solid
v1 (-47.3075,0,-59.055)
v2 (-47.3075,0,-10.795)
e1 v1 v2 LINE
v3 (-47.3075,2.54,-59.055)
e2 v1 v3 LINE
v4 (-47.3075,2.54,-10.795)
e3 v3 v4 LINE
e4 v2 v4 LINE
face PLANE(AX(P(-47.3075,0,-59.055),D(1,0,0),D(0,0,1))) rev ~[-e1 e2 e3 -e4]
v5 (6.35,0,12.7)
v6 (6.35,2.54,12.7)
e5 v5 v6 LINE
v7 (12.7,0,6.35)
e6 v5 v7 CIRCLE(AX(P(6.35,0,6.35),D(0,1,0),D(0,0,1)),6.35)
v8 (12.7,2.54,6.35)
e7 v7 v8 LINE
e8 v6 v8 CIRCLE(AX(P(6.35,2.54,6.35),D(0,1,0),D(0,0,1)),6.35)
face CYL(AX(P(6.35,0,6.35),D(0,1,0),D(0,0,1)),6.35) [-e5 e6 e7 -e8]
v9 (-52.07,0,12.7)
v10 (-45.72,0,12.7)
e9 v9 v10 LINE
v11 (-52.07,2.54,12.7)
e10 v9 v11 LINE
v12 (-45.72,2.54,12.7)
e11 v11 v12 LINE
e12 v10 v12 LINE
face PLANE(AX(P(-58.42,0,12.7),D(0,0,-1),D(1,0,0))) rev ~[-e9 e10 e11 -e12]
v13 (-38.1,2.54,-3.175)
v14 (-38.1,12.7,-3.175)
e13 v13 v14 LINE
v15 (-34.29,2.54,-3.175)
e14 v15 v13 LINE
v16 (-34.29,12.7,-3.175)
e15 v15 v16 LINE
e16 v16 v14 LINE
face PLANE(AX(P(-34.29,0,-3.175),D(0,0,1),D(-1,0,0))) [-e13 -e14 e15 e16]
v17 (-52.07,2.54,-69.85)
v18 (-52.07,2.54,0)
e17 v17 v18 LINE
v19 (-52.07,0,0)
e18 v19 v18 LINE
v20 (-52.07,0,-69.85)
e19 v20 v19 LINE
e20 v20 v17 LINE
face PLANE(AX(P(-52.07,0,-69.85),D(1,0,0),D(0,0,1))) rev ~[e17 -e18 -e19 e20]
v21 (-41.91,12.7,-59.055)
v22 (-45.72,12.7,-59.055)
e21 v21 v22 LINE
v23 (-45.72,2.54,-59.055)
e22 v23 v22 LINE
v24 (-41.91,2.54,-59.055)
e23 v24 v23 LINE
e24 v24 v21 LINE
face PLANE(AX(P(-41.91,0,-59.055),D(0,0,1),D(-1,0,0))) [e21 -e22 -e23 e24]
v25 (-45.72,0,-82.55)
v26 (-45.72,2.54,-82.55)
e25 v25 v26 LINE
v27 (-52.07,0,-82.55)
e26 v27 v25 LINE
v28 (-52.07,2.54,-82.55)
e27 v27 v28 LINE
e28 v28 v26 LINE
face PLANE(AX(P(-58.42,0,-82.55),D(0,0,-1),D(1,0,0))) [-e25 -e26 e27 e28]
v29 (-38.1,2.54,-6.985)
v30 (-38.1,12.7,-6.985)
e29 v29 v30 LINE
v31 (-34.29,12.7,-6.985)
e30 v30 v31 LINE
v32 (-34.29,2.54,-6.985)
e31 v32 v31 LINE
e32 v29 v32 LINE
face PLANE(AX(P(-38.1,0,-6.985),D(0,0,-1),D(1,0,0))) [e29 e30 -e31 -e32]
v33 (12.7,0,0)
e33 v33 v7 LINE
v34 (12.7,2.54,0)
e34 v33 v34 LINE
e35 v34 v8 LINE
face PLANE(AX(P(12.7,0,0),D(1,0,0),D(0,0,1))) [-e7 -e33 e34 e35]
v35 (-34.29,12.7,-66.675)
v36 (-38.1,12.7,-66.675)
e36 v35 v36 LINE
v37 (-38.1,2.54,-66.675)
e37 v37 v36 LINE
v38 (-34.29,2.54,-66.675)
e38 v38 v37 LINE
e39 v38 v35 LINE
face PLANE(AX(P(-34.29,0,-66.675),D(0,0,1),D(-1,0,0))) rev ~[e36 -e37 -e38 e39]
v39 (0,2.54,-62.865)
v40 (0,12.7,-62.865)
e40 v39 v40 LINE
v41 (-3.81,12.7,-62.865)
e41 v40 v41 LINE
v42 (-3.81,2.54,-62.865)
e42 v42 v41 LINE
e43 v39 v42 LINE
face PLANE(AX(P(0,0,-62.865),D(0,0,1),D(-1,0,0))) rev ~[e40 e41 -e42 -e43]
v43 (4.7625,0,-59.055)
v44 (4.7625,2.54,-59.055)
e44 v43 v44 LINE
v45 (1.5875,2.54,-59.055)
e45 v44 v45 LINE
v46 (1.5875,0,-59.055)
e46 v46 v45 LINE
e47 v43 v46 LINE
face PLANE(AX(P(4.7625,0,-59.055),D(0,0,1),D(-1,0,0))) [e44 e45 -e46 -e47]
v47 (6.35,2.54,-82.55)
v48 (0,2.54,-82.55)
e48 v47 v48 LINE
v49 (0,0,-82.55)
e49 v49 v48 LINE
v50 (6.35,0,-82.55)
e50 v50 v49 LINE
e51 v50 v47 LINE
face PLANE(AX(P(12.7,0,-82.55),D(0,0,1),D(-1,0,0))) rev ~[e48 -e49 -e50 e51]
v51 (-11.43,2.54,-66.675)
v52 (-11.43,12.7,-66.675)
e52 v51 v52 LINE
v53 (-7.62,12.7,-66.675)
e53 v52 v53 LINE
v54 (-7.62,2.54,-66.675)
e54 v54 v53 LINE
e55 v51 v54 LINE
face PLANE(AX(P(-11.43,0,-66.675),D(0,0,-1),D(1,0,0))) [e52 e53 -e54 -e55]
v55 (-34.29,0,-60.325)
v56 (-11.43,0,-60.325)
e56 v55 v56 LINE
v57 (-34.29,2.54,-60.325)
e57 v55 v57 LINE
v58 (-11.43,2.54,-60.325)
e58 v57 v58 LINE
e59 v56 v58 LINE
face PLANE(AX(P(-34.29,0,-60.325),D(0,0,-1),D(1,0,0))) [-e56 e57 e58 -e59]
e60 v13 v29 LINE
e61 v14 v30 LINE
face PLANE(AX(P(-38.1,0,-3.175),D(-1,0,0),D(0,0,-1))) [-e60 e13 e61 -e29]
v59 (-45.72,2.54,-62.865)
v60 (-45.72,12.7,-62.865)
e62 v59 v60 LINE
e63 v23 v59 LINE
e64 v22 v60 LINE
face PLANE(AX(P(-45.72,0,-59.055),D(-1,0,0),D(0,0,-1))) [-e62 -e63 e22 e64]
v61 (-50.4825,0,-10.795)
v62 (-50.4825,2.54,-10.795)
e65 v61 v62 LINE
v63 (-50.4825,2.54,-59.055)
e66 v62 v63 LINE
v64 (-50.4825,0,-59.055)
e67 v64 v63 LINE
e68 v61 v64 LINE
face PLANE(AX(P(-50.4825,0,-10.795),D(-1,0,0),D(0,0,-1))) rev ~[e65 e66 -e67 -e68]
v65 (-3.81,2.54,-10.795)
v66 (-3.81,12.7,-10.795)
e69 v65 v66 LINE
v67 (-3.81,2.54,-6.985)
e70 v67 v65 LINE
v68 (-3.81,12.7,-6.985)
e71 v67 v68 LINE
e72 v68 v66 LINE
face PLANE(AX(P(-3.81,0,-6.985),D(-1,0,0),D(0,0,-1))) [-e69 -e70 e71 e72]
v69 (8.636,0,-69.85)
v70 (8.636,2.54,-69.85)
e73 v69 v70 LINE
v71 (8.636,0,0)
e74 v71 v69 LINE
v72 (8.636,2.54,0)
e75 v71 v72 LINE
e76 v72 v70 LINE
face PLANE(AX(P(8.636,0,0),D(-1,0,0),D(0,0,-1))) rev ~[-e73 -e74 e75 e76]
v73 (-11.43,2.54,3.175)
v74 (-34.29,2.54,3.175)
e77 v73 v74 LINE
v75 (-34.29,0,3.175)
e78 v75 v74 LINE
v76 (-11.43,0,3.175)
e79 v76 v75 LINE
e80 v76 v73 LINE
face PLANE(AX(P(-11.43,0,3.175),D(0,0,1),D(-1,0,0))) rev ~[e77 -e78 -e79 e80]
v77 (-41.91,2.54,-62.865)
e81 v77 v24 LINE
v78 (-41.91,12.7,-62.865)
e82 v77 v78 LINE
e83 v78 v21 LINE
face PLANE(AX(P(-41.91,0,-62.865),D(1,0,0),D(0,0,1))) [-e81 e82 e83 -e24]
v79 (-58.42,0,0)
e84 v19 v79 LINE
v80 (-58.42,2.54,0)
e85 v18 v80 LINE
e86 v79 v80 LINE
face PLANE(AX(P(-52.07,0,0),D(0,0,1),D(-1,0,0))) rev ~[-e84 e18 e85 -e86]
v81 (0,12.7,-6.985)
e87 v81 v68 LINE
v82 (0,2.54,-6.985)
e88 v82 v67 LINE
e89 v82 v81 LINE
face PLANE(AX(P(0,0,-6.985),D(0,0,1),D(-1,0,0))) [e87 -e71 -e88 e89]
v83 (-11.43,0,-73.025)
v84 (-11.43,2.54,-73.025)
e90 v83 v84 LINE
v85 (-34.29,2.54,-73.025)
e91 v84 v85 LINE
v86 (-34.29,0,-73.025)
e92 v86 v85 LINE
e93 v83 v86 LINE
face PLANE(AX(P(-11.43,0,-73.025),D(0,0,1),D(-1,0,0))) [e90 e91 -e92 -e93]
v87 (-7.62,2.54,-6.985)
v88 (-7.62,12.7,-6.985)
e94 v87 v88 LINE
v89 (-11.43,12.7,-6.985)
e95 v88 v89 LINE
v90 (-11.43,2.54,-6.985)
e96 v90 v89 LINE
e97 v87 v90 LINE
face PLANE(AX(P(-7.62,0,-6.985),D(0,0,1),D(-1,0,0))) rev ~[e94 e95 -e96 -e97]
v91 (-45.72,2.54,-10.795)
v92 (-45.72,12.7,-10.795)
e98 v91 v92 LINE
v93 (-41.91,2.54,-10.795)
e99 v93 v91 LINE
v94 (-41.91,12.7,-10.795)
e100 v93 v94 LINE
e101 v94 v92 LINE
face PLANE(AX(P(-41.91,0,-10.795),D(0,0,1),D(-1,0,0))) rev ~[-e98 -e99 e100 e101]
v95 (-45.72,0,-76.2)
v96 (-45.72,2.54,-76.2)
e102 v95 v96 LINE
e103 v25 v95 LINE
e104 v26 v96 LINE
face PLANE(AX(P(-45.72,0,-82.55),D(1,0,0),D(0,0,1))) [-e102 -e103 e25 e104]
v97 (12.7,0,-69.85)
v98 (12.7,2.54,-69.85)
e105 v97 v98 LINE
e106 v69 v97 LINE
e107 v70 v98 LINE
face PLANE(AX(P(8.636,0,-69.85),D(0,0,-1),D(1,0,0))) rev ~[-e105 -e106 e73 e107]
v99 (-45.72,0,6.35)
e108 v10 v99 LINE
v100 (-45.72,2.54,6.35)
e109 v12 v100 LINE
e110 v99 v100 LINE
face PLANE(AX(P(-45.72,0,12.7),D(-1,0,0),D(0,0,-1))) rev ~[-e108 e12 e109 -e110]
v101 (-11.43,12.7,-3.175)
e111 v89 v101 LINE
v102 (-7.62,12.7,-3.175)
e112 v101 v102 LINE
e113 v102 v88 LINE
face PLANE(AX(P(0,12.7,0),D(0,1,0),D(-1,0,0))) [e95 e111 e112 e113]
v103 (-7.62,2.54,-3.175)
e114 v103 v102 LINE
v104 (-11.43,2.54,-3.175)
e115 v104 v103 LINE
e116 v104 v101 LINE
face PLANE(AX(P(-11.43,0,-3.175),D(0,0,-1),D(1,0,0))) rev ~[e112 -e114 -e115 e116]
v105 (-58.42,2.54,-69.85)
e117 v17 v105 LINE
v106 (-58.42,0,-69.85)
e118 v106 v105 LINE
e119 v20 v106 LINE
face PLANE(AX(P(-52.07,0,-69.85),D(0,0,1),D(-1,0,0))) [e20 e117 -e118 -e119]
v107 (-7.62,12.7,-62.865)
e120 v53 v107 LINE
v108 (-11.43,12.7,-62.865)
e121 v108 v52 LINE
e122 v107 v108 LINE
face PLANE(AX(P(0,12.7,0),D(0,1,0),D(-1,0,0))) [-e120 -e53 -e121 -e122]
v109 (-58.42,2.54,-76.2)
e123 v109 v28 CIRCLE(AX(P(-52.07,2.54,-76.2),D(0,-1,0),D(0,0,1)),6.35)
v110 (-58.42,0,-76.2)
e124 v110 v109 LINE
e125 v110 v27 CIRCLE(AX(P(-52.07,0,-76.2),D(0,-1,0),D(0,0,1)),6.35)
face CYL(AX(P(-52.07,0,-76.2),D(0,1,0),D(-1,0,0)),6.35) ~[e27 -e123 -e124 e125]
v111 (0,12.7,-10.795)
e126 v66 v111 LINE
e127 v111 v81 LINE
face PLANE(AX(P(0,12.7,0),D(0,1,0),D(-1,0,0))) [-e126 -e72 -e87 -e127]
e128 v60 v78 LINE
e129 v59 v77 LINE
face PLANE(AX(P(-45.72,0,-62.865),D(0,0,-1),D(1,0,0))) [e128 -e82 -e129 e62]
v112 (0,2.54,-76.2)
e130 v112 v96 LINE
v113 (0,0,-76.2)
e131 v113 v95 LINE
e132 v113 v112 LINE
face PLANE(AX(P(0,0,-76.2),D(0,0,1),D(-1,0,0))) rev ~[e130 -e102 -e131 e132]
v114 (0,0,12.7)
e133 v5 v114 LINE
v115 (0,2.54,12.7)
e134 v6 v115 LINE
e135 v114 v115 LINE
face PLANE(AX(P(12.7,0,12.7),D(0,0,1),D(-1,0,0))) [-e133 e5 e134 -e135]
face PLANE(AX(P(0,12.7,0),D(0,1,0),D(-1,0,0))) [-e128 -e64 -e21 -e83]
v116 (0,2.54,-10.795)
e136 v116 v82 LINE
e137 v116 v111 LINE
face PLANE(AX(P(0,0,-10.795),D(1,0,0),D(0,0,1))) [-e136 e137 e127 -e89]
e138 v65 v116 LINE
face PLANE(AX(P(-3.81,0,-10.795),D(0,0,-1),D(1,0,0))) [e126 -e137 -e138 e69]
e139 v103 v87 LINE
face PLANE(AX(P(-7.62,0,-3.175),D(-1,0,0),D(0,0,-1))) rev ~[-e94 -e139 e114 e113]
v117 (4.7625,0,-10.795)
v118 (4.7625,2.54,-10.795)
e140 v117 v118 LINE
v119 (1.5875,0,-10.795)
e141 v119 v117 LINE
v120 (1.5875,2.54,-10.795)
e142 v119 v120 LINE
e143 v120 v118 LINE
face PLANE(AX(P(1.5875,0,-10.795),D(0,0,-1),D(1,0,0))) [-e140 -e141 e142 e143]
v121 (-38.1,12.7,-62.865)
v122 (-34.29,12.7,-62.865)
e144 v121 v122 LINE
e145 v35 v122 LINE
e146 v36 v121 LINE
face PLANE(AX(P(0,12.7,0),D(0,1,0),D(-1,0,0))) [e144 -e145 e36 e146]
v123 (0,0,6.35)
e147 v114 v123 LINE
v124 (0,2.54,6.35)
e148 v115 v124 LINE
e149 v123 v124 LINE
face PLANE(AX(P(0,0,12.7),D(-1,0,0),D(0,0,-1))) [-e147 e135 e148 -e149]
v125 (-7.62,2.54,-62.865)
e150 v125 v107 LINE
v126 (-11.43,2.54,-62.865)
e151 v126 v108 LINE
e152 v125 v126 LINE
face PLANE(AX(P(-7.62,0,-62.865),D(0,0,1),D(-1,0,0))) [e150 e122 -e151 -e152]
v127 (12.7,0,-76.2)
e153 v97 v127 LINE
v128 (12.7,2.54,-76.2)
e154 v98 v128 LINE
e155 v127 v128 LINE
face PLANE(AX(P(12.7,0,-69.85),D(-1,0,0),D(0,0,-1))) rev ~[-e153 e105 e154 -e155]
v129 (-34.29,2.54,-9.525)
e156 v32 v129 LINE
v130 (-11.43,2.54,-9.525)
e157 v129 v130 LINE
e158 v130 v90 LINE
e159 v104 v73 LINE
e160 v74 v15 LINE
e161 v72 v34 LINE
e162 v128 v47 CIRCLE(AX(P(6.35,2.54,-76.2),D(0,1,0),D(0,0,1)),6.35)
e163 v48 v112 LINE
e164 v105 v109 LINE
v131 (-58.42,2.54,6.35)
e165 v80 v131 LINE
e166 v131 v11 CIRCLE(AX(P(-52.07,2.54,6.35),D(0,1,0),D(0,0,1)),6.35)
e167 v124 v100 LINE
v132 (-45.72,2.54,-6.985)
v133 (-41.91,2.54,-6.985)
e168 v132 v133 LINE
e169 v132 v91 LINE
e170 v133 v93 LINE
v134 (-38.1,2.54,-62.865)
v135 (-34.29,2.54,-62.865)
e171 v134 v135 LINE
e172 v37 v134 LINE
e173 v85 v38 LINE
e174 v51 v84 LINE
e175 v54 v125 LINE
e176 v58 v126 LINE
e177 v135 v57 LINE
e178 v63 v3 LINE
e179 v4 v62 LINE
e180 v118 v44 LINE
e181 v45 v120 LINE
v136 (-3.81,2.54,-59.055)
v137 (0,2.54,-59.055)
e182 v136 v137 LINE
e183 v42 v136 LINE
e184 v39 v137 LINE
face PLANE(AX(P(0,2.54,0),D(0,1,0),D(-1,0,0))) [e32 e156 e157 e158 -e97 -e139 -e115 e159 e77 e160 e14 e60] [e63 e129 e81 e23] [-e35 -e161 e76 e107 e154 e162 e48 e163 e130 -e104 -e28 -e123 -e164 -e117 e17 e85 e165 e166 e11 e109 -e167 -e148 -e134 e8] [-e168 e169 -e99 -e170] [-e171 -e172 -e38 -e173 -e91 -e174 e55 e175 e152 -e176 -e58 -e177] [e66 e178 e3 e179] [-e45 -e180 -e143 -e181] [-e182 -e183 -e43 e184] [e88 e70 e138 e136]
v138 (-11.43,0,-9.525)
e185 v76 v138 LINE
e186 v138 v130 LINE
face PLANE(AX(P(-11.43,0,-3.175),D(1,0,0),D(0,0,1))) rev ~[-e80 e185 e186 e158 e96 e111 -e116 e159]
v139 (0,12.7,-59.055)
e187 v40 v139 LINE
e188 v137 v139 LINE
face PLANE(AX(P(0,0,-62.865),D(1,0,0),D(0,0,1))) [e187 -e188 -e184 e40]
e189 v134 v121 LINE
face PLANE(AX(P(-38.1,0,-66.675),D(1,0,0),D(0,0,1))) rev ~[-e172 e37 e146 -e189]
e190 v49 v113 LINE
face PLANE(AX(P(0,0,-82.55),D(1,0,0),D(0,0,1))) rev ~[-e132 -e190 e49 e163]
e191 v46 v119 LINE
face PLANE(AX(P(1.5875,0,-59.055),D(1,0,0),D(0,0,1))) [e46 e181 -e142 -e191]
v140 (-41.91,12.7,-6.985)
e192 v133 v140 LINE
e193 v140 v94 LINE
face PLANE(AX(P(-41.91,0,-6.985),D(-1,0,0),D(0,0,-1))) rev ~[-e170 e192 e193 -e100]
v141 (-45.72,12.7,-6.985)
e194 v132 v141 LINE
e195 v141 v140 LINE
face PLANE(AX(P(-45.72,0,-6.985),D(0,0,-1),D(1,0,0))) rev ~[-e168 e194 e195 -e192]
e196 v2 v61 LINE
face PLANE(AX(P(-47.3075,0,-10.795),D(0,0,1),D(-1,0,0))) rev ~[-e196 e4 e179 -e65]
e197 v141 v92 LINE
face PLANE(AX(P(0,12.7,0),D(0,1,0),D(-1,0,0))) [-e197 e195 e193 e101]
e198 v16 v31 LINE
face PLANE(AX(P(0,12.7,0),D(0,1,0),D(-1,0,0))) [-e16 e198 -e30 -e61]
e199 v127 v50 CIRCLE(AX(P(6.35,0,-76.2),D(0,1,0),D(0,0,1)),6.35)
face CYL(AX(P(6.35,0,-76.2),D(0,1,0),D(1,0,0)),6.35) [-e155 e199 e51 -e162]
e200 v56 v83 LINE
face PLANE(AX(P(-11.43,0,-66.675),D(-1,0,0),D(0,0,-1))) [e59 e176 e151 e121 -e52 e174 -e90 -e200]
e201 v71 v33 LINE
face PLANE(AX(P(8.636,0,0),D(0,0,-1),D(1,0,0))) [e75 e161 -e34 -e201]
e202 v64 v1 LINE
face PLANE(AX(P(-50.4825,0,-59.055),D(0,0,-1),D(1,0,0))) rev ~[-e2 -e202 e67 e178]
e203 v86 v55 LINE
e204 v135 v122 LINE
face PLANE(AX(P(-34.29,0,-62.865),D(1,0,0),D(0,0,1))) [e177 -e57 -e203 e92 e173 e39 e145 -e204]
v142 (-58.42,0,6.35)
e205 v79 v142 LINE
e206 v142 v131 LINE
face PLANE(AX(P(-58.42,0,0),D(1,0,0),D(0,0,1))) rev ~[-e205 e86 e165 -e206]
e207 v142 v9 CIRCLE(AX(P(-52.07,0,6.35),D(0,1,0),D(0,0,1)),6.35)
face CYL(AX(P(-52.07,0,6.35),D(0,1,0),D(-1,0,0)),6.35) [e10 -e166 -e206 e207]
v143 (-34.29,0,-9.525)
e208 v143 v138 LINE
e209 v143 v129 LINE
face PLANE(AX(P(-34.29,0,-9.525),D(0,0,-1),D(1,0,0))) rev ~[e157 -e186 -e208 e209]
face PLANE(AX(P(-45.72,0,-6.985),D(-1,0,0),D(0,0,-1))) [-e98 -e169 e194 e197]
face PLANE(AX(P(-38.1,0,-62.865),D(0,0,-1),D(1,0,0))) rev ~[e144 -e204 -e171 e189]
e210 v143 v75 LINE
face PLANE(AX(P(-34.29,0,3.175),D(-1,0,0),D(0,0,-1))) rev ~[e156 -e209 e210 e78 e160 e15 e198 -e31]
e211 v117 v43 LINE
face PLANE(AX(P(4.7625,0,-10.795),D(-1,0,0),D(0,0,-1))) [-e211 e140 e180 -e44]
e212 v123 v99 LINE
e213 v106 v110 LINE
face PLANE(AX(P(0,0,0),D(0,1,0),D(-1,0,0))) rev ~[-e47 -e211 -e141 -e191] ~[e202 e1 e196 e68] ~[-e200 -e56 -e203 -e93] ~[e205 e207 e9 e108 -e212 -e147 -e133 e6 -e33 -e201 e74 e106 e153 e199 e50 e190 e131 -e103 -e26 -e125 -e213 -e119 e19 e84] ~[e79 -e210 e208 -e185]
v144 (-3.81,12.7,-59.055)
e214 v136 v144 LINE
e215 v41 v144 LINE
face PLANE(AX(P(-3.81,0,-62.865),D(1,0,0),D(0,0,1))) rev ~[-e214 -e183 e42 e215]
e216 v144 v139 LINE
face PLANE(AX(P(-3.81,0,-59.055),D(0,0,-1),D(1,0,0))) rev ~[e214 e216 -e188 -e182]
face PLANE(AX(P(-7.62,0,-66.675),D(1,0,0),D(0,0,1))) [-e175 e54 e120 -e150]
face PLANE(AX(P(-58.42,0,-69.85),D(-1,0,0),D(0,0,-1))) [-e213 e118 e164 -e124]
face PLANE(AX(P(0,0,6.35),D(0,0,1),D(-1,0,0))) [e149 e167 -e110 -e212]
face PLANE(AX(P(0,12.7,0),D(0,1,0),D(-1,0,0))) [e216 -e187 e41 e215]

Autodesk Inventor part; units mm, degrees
ref_plane "YZ Plane" through (0, 0, 0) normal (1, 0, 0) x (0, 1, 0)
ref_plane "XZ Plane" through (0, 0, 0) normal (0, 1, 0) x (-1, 0, 0)
ref_plane "XY Plane" through (0, 0, 0) normal (0, 0, 1) x (1, 0, 0)
sketch "Sketch1" plane through (0, 0, 0) normal (0, 1, 0) x (-1, 0, 0)
  line L0 (45.72, 0) -> (45.72, -69.85)
  line L1 (0, -69.85) -> (0, 0)
  line L2 (45.72, -69.85) -> (58.42, -69.85)
  line L3 (58.42, -69.85) -> (58.42, -82.55)
  line L4 (58.42, -82.55) -> (45.72, -82.55)
  line L5 (45.72, -82.55) -> (45.72, -69.85)
  line L6 (45.72, 0) -> (58.42, 0)
  line L7 (58.42, 0) -> (58.42, 12.7)
  line L8 (58.42, 12.7) -> (45.72, 12.7)
  line L9 (45.72, 12.7) -> (45.72, 0)
  line L10 (0, 0) -> (-12.7, 0)
  line L11 (-12.7, 0) -> (-12.7, 12.7)
  line L12 (-12.7, 12.7) -> (0, 12.7)
  line L13 (0, 12.7) -> (0, 0)
  line L14 (0, -69.85) -> (-12.7, -69.85)
  line L15 (-12.7, -69.85) -> (-12.7, -82.55)
  line L16 (-12.7, -82.55) -> (0, -82.55)
  line L17 (0, -82.55) -> (0, -69.85)
  line L18 (0, 0) -> (0, 6.35)
  line L19 (0, 6.35) -> (45.72, 6.35)
  line L20 (45.72, 6.35) -> (45.72, 0)
  line L21 (0, -69.85) -> (0, -76.2)
  line L22 (0, -76.2) -> (45.72, -76.2)
  line L23 (45.72, -76.2) -> (45.72, -69.85)
  line L24 (45.72, -69.85) -> (52.07, -69.85)
  line L25 (52.07, -69.85) -> (52.07, 0)
  line L26 (52.07, 0) -> (45.72, 0)
  line L27 (45.72, 0) -> (45.72, -69.85)
  line L28 (0, 0) -> (-8.636, 0)
  line L29 (-8.636, 0) -> (-8.636, -69.85)
  line L30 (-8.636, -69.85) -> (0, -69.85)
  line L31 (0, -69.85) -> (0, 0)
  line L32 (0, 3.175) -> (0, -9.525)
  line L33 (45.72, -9.525) -> (45.72, 3.175)
  line L34 (0, -73.025) -> (0, -60.325)
  line L35 (45.72, -60.325) -> (45.72, -73.025)
  line L36 (34.29, -60.325) -> (11.43, -60.325)
  line L37 (11.43, -60.325) -> (11.43, -73.025)
  line L38 (11.43, -73.025) -> (34.29, -73.025)
  line L39 (34.29, -73.025) -> (34.29, -60.325)
  line L40 (34.29, -9.525) -> (11.43, -9.525)
  line L41 (11.43, -9.525) -> (11.43, 3.175)
  line L42 (11.43, 3.175) -> (34.29, 3.175)
  line L43 (34.29, 3.175) -> (34.29, -9.525)
  line L44 (11.43, -3.175) -> (7.62, -3.175)
  line L45 (7.62, -3.175) -> (7.62, -6.985)
  line L46 (7.62, -6.985) -> (11.43, -6.985)
  line L47 (11.43, -6.985) -> (11.43, -3.175)
  line L48 (0, -6.985) -> (3.81, -6.985)
  line L49 (3.81, -6.985) -> (3.81, -10.795)
  line L50 (3.81, -10.795) -> (0, -10.795)
  line L51 (0, -10.795) -> (0, -6.985)
  line L52 (38.1, -62.865) -> (34.29, -62.865)
  line L53 (38.1, -66.675) -> (38.1, -62.865)
  line L54 (34.29, -66.675) -> (38.1, -66.675)
  line L55 (45.72, -62.865) -> (41.91, -62.865)
  line L56 (41.91, -62.865) -> (41.91, -59.055)
  line L57 (41.91, -59.055) -> (45.72, -59.055)
  line L58 (7.62, -62.865) -> (11.43, -62.865)
  line L59 (7.62, -66.675) -> (7.62, -62.865)
  line L60 (11.43, -66.675) -> (7.62, -66.675)
  line L61 (0, -62.865) -> (3.81, -62.865)
  line L62 (3.81, -62.865) -> (3.81, -59.055)
  line L63 (3.81, -59.055) -> (0, -59.055)
  line L64 (41.91, -10.795) -> (45.72, -10.795)
  line L65 (41.91, -6.985) -> (41.91, -10.795)
  line L66 (45.72, -6.985) -> (41.91, -6.985)
  line L67 (38.1, -6.985) -> (34.29, -6.985)
  line L68 (38.1, -3.175) -> (38.1, -6.985)
  line L69 (34.29, -3.175) -> (38.1, -3.175)
  line L70 (36.195, -10.795) -> (9.525, -10.795)
  line L71 (9.525, -10.795) -> (9.525, -59.055)
  line L72 (9.525, -59.055) -> (36.195, -59.055)
  line L73 (36.195, -59.055) -> (36.195, -10.795)
  line L74 (47.3075, -10.795) -> (50.4825, -10.795)
  line L75 (50.4825, -10.795) -> (50.4825, -59.055)
  line L76 (50.4825, -59.055) -> (47.3075, -59.055)
  line L77 (47.3075, -59.055) -> (47.3075, -10.795)
  line L78 (22.86, -34.925) -> (22.86, -41.845)
  line L79 (-1.5875, -10.795) -> (-4.7625, -10.795)
  line L80 (-4.7625, -10.795) -> (-4.7625, -59.055)
  line L81 (-4.7625, -59.055) -> (-1.5875, -59.055)
  line L82 (-1.5875, -59.055) -> (-1.5875, -10.795)
  dimension "d0" = 45.72
  dimension "d1" = 69.85
  dimension "d2" = 12.7
  dimension "d3" = 12.7
  dimension "d4" = 12.7
  dimension "d5" = 12.7
  dimension "d6" = 12.7
  dimension "d7" = 12.7
  dimension "d8" = 12.7
  dimension "d9" = 12.7
  dimension "d10" = 6.35
  dimension "d11" = 6.35
  dimension "d12" = 6.35
  dimension "d13" = 12.7
  dimension "d14" = 12.7
  dimension "d15" = 11.43
  dimension "d16" = 22.86
  dimension "d17" = 12.7
  dimension "d18" = 3.81
  dimension "d19" = 3.81
  dimension "d20" = 3.81
  dimension "d21" = 3.81
  dimension "d24" = 360
  dimension "d28" = 360
  dimension "d34" = 1.5875
  dimension "d35" = 3.175
extrude "Extrusion1" add sketch "Sketch1" along normal blind 2.54 contours L6 L25 L2 L0 | L9 L8 L7 L6 | L0 L66 L65 L64 L57 L56 L55 L5 L22 L17 L1 L61 L62 L63 L50 L49 L48 L13 L19 L9 | L2 L3 L4 L5 | L13 L10 L11 L12 | L1 L14 L29 L10 | L17 L16 L15 L14 | L73 L72 L71 L70
extrude "Extrusion2" add sketch "Sketch1" along normal blind 12.7 contours L0 L64 L65 L66 | L0 L55 L56 L57 | L48 L49 L50 L1 | L1 L63 L62 L61 | L52 L53 L54 L39 | L37 L60 L59 L58 | L43 L69 L68 L67 | L46 L45 L44 L41
fillet "Fillet1" radius 6.35 4 edges at (-58.42, 1.27, 12.7) (12.7, 1.27, 12.7) (12.7, 1.27, -82.55) (-58.42, 1.27, -82.55)
equation "\"BendRadius\" = Thickness"
equation "\"BendReliefWidth\" = Thickness"
equation "\"BendReliefDepth\" = 0.5 * Thickness"
equation "\"CornerReliefSize\" = 4 * Thickness"
equation "\"MinimumRemnant\" = 2 * Thickness"
equation "\"TransitionRadius\" = BendRadius"
equation "\"JacobiRadiusSize\" = BendRadius"
equation "\"GapSize\" = Thickness"
equation "\"Thickness\" = 3.048"
properties part number "PixfalconCover"
